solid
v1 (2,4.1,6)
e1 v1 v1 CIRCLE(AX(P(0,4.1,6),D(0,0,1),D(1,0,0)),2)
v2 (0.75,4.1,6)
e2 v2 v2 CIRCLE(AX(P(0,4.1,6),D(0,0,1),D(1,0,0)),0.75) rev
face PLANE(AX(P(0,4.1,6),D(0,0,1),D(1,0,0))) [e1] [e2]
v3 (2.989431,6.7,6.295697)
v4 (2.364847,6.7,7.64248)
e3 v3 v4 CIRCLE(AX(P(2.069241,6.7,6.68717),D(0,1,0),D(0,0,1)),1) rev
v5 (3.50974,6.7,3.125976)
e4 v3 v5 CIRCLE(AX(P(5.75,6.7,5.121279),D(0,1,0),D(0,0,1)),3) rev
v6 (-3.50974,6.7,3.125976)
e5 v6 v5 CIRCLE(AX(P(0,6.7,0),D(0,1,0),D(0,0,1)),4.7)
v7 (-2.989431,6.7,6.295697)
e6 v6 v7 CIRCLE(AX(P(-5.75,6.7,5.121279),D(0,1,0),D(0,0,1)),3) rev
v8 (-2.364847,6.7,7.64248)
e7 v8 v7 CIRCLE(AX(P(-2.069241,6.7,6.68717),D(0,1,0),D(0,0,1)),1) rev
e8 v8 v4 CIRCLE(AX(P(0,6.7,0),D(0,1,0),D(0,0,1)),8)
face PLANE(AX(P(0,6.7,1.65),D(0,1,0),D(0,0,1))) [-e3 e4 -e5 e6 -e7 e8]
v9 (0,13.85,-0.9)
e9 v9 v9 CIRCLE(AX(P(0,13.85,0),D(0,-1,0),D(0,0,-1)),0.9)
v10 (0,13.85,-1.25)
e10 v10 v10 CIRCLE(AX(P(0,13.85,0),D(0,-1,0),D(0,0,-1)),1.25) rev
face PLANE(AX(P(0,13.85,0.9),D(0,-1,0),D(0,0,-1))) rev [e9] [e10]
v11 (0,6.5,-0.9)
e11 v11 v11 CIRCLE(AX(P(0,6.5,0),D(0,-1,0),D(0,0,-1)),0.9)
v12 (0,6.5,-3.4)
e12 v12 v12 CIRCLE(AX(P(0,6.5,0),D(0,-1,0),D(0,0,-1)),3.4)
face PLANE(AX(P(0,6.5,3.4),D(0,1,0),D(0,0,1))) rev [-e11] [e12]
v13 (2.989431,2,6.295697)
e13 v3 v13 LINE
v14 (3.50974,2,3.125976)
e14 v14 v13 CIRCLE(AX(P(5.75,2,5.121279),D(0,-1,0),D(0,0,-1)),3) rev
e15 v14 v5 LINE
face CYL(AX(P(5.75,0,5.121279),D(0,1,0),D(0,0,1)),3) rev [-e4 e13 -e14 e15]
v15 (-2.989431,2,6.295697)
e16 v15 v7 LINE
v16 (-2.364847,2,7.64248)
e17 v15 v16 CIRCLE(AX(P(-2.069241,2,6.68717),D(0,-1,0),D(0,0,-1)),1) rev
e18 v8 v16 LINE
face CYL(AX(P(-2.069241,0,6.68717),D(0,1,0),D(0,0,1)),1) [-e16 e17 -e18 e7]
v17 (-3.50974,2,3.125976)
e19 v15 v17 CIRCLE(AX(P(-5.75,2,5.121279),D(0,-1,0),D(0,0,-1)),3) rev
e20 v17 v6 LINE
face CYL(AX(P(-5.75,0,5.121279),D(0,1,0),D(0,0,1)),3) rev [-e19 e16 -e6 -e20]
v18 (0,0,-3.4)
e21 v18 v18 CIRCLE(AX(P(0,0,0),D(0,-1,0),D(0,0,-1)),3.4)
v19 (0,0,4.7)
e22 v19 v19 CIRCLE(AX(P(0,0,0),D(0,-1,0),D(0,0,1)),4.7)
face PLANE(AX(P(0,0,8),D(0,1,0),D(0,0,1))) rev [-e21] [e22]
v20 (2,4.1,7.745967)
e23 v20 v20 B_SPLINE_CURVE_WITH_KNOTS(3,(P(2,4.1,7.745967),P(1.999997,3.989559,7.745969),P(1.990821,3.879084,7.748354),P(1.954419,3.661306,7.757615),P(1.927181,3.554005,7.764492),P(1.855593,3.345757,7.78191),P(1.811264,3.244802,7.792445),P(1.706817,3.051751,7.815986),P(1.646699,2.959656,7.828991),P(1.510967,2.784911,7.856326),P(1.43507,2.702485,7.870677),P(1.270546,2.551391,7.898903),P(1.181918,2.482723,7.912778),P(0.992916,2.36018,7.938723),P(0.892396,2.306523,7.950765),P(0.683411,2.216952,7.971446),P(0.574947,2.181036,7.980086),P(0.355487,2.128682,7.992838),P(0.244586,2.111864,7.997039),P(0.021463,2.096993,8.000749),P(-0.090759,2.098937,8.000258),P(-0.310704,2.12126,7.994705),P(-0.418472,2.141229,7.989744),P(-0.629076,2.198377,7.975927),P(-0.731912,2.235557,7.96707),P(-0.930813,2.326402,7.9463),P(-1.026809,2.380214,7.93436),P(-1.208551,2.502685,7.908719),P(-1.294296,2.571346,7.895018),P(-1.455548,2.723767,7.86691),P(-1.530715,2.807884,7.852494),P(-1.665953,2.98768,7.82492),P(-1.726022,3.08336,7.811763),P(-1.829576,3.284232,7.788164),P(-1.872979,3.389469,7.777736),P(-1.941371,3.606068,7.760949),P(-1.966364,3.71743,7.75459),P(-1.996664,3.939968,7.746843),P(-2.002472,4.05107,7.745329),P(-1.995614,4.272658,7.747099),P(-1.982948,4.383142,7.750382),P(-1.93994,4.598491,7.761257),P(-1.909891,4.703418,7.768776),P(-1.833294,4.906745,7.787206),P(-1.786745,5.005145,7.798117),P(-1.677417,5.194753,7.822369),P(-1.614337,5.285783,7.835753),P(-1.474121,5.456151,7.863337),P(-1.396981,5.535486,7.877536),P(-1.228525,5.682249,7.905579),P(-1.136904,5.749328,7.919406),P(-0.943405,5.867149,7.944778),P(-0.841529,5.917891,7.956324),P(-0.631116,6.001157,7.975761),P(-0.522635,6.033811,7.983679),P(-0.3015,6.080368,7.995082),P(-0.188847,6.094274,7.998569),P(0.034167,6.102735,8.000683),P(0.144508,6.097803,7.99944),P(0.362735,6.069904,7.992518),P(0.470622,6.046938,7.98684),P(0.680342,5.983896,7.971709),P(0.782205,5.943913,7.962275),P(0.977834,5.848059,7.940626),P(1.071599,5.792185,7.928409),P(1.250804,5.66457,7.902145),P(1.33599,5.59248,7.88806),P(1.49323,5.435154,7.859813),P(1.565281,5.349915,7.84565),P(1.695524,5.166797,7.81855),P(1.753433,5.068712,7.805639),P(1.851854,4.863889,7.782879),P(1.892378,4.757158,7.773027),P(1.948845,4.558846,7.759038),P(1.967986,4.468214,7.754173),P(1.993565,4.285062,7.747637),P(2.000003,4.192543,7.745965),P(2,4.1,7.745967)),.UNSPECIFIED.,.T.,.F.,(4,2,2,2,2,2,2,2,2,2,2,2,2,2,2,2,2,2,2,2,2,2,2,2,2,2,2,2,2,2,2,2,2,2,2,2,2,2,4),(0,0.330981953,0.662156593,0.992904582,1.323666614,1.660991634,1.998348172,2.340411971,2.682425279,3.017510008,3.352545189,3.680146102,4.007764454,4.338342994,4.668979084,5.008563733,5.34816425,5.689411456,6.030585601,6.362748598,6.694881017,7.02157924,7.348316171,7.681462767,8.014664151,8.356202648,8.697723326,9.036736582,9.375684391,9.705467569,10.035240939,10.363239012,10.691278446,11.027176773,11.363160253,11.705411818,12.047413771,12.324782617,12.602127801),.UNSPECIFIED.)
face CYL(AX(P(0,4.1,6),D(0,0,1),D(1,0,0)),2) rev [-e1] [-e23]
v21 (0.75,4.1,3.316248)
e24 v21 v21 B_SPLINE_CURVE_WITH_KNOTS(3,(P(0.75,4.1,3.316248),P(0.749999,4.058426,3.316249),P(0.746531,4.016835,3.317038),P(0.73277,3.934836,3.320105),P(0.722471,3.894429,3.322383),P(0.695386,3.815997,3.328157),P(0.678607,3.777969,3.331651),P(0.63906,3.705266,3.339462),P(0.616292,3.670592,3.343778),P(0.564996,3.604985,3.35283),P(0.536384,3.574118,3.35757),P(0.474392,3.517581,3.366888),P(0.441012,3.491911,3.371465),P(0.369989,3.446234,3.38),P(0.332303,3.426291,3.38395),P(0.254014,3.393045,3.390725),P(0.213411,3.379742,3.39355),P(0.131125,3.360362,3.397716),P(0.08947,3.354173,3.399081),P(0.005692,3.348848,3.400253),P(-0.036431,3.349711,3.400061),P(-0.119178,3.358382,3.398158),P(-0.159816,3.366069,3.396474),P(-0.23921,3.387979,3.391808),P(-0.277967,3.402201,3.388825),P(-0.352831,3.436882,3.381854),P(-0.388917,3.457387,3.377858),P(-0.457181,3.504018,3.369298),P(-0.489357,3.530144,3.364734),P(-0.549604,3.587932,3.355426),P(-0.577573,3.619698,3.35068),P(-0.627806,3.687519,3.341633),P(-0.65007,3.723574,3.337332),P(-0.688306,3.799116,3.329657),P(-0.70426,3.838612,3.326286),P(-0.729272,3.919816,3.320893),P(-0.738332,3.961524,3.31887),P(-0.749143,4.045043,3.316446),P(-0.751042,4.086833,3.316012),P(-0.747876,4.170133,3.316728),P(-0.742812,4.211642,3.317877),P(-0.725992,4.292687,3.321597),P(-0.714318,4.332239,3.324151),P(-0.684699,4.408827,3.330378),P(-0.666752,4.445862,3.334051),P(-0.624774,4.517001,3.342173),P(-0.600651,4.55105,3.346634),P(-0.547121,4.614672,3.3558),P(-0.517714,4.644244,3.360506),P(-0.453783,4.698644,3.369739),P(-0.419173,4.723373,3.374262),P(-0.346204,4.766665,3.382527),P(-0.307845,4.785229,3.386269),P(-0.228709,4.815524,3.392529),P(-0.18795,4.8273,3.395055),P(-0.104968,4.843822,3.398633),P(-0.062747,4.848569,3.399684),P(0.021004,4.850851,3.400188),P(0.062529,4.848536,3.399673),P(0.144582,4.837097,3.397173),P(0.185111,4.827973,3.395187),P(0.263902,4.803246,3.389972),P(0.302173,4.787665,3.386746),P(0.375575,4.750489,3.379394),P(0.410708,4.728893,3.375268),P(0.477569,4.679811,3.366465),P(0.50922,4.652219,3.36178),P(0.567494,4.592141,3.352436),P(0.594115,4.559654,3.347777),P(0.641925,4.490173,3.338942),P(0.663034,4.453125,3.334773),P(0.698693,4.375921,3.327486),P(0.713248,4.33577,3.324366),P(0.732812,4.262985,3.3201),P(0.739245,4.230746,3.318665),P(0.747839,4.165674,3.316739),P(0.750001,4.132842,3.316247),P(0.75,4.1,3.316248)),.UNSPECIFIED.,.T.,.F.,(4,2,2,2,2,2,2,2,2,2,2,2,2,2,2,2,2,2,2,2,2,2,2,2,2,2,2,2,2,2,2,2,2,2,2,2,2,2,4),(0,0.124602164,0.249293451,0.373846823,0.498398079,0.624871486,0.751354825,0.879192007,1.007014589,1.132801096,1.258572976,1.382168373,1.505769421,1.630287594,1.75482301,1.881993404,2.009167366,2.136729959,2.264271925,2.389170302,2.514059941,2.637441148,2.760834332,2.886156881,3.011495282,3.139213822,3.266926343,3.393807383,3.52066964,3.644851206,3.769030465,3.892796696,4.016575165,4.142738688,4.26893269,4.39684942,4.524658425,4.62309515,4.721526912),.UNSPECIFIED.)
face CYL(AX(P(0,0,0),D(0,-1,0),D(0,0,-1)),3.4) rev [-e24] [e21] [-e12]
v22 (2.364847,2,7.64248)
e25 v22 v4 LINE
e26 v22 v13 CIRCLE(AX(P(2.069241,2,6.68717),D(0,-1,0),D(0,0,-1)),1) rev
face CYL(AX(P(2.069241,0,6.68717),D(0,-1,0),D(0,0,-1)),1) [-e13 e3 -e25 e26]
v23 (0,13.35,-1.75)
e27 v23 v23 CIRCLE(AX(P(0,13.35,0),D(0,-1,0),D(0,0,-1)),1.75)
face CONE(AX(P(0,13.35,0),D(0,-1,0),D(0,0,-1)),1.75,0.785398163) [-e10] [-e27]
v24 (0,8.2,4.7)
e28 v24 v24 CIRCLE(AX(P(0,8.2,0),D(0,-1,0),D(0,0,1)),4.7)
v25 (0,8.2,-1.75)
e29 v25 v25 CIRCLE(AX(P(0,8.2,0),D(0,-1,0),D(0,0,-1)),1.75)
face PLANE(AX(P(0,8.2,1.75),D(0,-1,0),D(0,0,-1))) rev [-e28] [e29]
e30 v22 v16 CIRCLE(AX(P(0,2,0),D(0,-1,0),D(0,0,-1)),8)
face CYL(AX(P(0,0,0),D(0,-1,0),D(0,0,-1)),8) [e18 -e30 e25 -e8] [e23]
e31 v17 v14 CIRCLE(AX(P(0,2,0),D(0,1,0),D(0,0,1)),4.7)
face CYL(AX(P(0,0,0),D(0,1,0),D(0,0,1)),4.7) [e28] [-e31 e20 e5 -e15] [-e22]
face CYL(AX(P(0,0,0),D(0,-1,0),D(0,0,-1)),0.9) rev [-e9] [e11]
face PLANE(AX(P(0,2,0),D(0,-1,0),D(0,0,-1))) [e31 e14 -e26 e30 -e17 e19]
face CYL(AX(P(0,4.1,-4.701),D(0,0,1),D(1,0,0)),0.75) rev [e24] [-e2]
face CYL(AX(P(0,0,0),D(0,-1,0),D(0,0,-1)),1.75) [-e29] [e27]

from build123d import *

# Parameters (mm, degrees)
CUT_EXTRUDE_1_DEPTH      = 14.97283078
FILLET_1_R               = 1
CUT_EXTRUDE_2_REACH      = 17.831
CUT_EXTRUDE_2_END_RADIUS = 3.4
SKETCH_3_R               = 0.75
SKETCH_4_R               = 2
CUT_EXTRUDE_3_DEPTH      = 2
SKETCH_5_OUTSIDE_W       = 15.602
SKETCH_5_OUTSIDE_H       = 18.902
SKETCH_5_OUTSIDE_R       = 4.7
CUT_EXTRUDE_4_DEPTH      = 1.5
CUT_EXTRUDE_START        = -8.2
SKETCH_5_2_OUTSIDE_W     = 15.602
SKETCH_5_2_OUTSIDE_H     = 18.902
SKETCH_5_2_OUTSIDE_R     = 4.7
CUT_EXTRUDE_5_DEPTH      = 2
CHAMFER_1_SIZE           = 0.5


with BuildPart() as part:
    # Эскиз1 → Повернуть1 (revolve)
    with BuildSketch(Plane(origin=(0, 0, 0), x_dir=(0, 0, -1), z_dir=(1, 0, 0)), mode=Mode.PRIVATE) as revolve_1_sk:
        Polygon((-3.4, 0), (-3.4, 6.5), (-0.9, 6.5), (-0.9, 13.85), (-1.75, 13.85), (-1.75, 8.2), (-8, 8.2), (-8, 0), align=None)
    revolve(revolve_1_sk.sketch.rotate(Axis((0, 0, 0), (0, 1, 0)), 180), axis=Axis((0, 0, 0), (0, 1, 0)))

    # Эскиз2 → Вырез-Вытянуть1 (cut, through all)
    with BuildSketch(Plane(origin=(0, 8.2, 0), x_dir=(1, 0, 0), z_dir=(0, 1, 0))):
        with BuildLine():
            ThreePointArc((7.99025974, -7.116582697), (0, 10.7), (-7.99025974, -7.116582697))
            ThreePointArc((-7.99025974, -7.116582697), (-3.75469644, -7.361538877), (-3.50974026, -3.125975577))
            ThreePointArc((-3.50974026, -3.125975577), (0, 4.7), (3.50974026, -3.125975577))
            ThreePointArc((3.50974026, -3.125975577), (3.75469644, -7.361538877), (7.99025974, -7.116582697))
        make_face()
    extrude(amount=-CUT_EXTRUDE_1_DEPTH, mode=Mode.SUBTRACT)

    # Скругление1
    fillet_1_edges = [part.edges().sort_by_distance(p)[0] for p in [
        (-3.555293146, 4.1, 7.166581517),
        (3.555293146, 4.1, 7.166581517),
    ]]
    fillet(fillet_1_edges, radius=FILLET_1_R)

    # Вырез-Вытянуть2: up to this cylinder (the profile starts outside it)
    cut_extrude_2_end = Plane(origin=(0, 4.1, 0), z_dir=(0, -1, 0)) * Cylinder(CUT_EXTRUDE_2_END_RADIUS, 43.462, mode=Mode.PRIVATE)
    # Эскиз3 → Вырез-Вытянуть2 (cut, up to the surface)
    with BuildSketch(Plane(origin=(0, 8.2, 8), x_dir=(1, 0, 0), z_dir=(0, 0, 1)), mode=Mode.PRIVATE) as cut_extrude_2_sk1:
        with Locations((0, -4.1)):
            Circle(SKETCH_3_R)
    cut_extrude_2_tool1 = extrude(cut_extrude_2_sk1.sketch, amount=-CUT_EXTRUDE_2_REACH, mode=Mode.PRIVATE) - cut_extrude_2_end
    add(cut_extrude_2_tool1.solids().sort_by_distance((0, 4.1, 8))[0], mode=Mode.SUBTRACT)

    # Эскиз4 → Вырез-Вытянуть3 (cut)
    with BuildSketch(Plane(origin=(0, 8.2, 8), x_dir=(1, 0, 0), z_dir=(0, 0, 1))):
        with Locations((0, -4.1)):
            Circle(SKETCH_4_R)
    extrude(amount=-CUT_EXTRUDE_3_DEPTH, mode=Mode.SUBTRACT)

    # Эскиз5 outside → Вырез-Вытянуть4 (cut)
    with BuildSketch(Plane(origin=(0, 8.2, 0), x_dir=(1, 0, 0), z_dir=(0, 1, 0))):
        with Locations((0, -1.65)):
            Rectangle(SKETCH_5_OUTSIDE_W, SKETCH_5_OUTSIDE_H)
        with Locations(Location((0, 0, 0), (0, 0, 270))):
            Circle(SKETCH_5_OUTSIDE_R, mode=Mode.SUBTRACT)
    extrude(amount=-CUT_EXTRUDE_4_DEPTH, mode=Mode.SUBTRACT)

    # Эскиз5<2> outside → Вырез-Вытянуть5 (cut)
    with BuildSketch(Plane(origin=(0, 8.2, 0), x_dir=(1, 0, 0), z_dir=(0, 1, 0)).offset(CUT_EXTRUDE_START)):
        with Locations((0, -1.65)):
            Rectangle(SKETCH_5_2_OUTSIDE_W, SKETCH_5_2_OUTSIDE_H)
        with Locations(Location((0, 0, 0), (0, 0, 270))):
            Circle(SKETCH_5_2_OUTSIDE_R, mode=Mode.SUBTRACT)
    extrude(amount=CUT_EXTRUDE_5_DEPTH, mode=Mode.SUBTRACT)

    # Фаска1
    chamfer_1_edges = [part.edges().sort_by_distance(p)[0] for p in [
        (0, 13.85, 1.75),
    ]]
    chamfer(chamfer_1_edges, length=CHAMFER_1_SIZE)


solid = part.part
